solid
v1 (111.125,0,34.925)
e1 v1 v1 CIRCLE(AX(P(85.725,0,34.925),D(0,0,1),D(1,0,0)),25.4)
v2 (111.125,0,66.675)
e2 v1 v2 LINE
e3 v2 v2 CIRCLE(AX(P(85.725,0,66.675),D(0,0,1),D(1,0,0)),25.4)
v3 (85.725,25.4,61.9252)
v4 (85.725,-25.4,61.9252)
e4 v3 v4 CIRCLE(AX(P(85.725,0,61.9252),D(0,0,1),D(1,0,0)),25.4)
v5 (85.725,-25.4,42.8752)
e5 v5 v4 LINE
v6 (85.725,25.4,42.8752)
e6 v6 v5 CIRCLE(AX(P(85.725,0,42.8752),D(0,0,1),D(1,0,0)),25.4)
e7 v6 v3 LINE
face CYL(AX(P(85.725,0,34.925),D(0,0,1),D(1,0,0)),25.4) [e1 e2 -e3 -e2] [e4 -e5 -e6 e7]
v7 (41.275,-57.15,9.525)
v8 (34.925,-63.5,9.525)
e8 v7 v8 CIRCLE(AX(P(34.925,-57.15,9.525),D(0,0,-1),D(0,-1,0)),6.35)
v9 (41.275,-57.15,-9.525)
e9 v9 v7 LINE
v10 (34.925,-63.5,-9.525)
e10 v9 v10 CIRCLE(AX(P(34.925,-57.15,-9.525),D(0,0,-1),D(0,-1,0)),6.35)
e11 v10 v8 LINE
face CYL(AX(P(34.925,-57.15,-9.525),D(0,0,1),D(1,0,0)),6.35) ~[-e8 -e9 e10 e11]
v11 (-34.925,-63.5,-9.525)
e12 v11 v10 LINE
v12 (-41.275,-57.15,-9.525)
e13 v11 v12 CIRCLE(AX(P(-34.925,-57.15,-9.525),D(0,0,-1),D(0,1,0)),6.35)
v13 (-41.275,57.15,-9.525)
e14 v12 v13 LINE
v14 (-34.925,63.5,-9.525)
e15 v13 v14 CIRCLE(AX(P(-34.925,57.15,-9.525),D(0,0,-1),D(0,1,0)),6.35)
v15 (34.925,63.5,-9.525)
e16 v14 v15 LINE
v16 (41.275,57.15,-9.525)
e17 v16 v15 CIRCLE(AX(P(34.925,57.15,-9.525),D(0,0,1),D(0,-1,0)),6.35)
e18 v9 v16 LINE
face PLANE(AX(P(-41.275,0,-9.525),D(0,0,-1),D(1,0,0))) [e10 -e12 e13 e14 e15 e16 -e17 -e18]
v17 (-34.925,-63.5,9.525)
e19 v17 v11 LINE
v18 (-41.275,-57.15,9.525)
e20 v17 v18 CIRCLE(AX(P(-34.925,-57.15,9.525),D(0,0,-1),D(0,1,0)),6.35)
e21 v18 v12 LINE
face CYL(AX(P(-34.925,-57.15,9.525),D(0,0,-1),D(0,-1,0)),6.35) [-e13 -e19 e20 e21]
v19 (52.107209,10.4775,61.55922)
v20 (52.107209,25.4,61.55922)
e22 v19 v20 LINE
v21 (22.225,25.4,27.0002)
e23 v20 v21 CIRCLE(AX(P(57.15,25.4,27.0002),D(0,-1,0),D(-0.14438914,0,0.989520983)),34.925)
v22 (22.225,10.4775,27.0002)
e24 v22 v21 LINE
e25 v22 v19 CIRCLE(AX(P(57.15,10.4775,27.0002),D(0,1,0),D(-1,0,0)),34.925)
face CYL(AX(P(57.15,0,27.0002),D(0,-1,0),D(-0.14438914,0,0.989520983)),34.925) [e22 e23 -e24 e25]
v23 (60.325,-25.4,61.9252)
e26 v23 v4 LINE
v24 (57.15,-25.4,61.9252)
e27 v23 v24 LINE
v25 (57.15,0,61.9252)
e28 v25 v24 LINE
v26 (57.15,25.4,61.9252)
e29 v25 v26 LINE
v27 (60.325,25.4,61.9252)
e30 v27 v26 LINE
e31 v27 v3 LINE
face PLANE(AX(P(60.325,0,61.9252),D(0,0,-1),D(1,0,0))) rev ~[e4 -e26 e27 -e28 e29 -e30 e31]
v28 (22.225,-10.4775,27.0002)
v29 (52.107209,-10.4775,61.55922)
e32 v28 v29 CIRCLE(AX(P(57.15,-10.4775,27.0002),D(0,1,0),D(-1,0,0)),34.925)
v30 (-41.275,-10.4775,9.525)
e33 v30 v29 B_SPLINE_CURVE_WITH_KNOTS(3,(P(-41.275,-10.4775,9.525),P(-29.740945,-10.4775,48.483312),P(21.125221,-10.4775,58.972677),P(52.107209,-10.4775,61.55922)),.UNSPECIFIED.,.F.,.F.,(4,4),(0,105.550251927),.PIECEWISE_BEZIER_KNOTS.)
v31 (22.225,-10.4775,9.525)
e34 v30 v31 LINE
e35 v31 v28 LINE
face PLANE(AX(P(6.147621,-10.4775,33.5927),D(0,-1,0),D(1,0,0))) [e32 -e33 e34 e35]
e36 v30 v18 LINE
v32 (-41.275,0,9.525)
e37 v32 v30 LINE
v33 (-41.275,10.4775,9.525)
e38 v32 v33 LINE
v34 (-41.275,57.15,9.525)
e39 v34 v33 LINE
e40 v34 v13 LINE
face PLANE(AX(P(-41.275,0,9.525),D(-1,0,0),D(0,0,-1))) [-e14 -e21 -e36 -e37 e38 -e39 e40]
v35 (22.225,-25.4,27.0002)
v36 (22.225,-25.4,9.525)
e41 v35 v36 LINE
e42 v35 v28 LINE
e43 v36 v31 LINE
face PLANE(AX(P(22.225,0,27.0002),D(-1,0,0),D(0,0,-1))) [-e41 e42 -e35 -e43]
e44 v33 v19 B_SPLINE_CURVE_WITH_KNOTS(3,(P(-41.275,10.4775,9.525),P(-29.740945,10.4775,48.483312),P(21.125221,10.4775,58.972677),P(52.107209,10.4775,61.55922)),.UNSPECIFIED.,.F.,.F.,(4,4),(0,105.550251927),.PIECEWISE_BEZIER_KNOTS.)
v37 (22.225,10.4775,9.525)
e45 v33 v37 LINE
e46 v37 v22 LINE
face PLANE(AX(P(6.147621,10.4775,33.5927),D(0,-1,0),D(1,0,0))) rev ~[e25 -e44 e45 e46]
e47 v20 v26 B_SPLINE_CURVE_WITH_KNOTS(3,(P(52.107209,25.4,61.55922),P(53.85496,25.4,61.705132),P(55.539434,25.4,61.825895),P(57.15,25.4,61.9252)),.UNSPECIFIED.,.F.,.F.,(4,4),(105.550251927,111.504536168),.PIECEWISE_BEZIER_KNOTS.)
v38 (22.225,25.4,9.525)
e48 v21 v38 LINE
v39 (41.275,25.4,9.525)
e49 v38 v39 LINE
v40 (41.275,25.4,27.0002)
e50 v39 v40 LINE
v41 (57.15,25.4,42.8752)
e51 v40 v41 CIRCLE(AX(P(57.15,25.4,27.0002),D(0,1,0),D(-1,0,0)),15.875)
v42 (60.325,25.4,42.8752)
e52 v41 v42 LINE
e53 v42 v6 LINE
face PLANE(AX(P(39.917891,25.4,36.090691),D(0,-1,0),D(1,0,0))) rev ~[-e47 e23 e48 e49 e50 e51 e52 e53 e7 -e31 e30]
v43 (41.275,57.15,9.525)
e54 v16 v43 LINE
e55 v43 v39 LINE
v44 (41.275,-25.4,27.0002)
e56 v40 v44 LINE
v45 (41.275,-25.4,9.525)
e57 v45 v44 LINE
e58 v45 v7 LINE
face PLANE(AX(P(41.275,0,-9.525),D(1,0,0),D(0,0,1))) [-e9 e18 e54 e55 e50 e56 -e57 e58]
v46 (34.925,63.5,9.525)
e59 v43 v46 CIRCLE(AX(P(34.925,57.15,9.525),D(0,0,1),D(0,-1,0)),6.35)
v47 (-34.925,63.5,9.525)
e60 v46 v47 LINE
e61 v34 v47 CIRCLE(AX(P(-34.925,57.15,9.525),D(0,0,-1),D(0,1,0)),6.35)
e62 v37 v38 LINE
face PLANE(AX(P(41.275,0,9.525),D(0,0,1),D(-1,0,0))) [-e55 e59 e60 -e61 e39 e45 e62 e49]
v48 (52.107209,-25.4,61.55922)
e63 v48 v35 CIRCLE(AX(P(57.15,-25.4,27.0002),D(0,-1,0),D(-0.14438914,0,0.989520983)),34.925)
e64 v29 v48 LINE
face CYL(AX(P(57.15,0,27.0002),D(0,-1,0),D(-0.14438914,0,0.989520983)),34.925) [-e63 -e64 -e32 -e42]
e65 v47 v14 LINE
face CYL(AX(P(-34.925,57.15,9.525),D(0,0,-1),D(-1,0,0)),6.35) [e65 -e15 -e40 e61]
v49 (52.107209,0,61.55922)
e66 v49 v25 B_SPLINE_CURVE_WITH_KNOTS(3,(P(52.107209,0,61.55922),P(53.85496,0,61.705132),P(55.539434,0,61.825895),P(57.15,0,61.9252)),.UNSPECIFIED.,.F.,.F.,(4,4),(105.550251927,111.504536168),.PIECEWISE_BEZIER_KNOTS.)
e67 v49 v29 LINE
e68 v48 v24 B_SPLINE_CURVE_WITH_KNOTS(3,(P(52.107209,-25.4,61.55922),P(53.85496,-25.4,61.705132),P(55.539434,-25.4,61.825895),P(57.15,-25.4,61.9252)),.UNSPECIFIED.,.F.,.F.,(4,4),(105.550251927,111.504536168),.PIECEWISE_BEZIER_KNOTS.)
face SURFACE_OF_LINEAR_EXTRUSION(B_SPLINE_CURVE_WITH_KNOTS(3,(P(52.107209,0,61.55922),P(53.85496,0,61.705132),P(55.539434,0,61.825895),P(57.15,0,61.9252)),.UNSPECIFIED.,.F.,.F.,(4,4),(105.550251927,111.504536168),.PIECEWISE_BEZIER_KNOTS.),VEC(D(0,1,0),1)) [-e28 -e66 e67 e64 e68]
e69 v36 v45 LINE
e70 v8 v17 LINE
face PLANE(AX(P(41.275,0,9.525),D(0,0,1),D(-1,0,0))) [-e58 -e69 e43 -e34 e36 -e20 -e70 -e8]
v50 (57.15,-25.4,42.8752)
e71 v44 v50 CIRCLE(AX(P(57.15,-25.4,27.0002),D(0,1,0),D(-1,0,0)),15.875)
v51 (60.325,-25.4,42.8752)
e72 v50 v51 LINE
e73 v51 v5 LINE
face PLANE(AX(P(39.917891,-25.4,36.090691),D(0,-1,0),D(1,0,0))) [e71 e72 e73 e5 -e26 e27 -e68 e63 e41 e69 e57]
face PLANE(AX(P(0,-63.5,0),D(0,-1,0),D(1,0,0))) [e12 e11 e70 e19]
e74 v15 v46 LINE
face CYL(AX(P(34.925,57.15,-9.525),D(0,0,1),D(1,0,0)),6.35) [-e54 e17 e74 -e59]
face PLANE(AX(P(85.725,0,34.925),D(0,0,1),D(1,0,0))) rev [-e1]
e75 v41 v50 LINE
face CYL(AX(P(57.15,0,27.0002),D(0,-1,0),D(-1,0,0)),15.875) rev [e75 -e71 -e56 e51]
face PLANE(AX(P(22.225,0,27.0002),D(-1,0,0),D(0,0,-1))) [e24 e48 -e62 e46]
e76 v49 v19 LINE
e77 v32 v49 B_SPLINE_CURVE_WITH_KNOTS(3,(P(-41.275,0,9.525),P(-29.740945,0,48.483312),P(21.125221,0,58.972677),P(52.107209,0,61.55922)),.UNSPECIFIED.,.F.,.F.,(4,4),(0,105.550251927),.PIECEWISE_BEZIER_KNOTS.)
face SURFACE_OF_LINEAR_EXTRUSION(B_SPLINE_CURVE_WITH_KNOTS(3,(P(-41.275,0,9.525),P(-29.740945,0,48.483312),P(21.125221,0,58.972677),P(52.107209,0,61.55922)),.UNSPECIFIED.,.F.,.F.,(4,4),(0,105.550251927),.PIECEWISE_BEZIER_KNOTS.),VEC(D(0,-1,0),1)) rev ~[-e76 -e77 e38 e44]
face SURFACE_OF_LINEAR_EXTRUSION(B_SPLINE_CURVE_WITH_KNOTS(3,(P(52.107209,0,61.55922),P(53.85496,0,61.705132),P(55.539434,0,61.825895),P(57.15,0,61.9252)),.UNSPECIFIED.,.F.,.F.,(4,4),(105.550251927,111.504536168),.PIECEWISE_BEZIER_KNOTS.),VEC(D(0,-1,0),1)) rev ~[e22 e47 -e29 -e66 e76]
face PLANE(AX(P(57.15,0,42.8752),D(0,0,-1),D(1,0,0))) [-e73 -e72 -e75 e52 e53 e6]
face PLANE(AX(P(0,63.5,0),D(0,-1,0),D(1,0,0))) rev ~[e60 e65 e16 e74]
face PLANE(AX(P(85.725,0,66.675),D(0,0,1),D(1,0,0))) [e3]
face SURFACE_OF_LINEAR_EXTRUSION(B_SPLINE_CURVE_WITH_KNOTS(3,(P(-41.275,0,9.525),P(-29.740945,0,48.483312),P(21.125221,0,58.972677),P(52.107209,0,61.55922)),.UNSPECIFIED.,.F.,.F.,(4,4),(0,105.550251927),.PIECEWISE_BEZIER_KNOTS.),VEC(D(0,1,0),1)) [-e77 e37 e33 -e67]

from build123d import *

# Parameters (mm, degrees)
F1_DEPTH = 63.5
F0_W     = 25.4
F0_H     = 19.0500000095
F2_DEPTH = 25.4
F4_R     = 6.35
F5_DEPTH = 10.4775


with BuildPart() as f1:
    # F0 (on Front) → F1 (new body, symmetric)
    with BuildSketch(Plane.XZ):
        Polygon((41.275, -9.525), (41.275, 9.525), (22.2249999905, 9.525), (-41.275, 9.525), (-41.275, -9.525), align=None)
    extrude(amount=F1_DEPTH, both=True)

    # F0 (on Front) → F2 (join, symmetric)
    with BuildSketch(Plane.XZ):
        with BuildLine():
            Line((22.2249999905, 9.525), (41.275, 9.525))
            Line((41.275, 9.525), (41.275, 27.0002))
            ThreePointArc((41.275, 27.0002), (45.9246798487, 38.2255201513), (57.15, 42.8752))
            Line((57.15, 42.8752), (60.325, 42.8752))
            Line((60.325, 42.8752), (60.325, 61.9252000095))
            Line((60.325, 61.9252000095), (57.15, 61.9252000095))
            add(Edge.make_bspline(
                [(52.1072092825, 61.5592203484), (53.8549603488, 61.705132017), (55.5394340747, 61.8258945661), (57.15, 61.9252000095)],
                knots=[105.5502519268, 105.5502519268, 105.5502519268, 105.5502519268, 111.504536168, 111.504536168, 111.504536168, 111.504536168], degree=3))
            ThreePointArc((52.1072092825, 61.5592203484), (30.7314923631, 49.8435377575), (22.2249999905, 27.0002))
            Line((22.2249999905, 27.0002), (22.2249999905, 9.525))
        make_face()
        with Locations((73.025, 52.4002000047)):
            Rectangle(F0_W, F0_H)
    extrude(amount=F2_DEPTH, both=True)

    # F0 (on Front) → F3 (revolve)
    with BuildSketch(Plane.XZ):
        Polygon((85.725, 61.9252000095), (85.725, 42.8752), (85.725, 34.925), (111.125, 34.925), (111.125, 66.675), (85.725, 66.675), align=None)
    revolve(axis=Axis((85.725, 0, 50.8), (0, 0, 1)))

    # F4
    f4_edges = [f1.edges().sort_by_distance(p)[0] for p in [
        (41.275, -63.5, 0),
        (-41.275, -63.5, 0),
        (41.275, 63.5, 0),
        (-41.275, 63.5, 0),
    ]]
    fillet(f4_edges, radius=F4_R)

    # F0 (on Front) → F5 (join, symmetric)
    with BuildSketch(Plane.XZ):
        with BuildLine():
            Line((-41.275, 9.525), (22.2249999905, 9.525))
            Line((22.2249999905, 9.525), (22.2249999905, 27.0002))
            ThreePointArc((22.2249999905, 27.0002), (30.7314923631, 49.8435377575), (52.1072092825, 61.5592203484))
            add(Edge.make_bspline(
                [(-41.275, 9.525), (-29.7409454708, 48.4833118126), (21.1252208708, 58.9726771538), (52.1072092825, 61.5592203484)],
                knots=[0, 0, 0, 0, 105.5502519268, 105.5502519268, 105.5502519268, 105.5502519268], degree=3))
        make_face()
    extrude(amount=F5_DEPTH, both=True)


solid = f1.part
